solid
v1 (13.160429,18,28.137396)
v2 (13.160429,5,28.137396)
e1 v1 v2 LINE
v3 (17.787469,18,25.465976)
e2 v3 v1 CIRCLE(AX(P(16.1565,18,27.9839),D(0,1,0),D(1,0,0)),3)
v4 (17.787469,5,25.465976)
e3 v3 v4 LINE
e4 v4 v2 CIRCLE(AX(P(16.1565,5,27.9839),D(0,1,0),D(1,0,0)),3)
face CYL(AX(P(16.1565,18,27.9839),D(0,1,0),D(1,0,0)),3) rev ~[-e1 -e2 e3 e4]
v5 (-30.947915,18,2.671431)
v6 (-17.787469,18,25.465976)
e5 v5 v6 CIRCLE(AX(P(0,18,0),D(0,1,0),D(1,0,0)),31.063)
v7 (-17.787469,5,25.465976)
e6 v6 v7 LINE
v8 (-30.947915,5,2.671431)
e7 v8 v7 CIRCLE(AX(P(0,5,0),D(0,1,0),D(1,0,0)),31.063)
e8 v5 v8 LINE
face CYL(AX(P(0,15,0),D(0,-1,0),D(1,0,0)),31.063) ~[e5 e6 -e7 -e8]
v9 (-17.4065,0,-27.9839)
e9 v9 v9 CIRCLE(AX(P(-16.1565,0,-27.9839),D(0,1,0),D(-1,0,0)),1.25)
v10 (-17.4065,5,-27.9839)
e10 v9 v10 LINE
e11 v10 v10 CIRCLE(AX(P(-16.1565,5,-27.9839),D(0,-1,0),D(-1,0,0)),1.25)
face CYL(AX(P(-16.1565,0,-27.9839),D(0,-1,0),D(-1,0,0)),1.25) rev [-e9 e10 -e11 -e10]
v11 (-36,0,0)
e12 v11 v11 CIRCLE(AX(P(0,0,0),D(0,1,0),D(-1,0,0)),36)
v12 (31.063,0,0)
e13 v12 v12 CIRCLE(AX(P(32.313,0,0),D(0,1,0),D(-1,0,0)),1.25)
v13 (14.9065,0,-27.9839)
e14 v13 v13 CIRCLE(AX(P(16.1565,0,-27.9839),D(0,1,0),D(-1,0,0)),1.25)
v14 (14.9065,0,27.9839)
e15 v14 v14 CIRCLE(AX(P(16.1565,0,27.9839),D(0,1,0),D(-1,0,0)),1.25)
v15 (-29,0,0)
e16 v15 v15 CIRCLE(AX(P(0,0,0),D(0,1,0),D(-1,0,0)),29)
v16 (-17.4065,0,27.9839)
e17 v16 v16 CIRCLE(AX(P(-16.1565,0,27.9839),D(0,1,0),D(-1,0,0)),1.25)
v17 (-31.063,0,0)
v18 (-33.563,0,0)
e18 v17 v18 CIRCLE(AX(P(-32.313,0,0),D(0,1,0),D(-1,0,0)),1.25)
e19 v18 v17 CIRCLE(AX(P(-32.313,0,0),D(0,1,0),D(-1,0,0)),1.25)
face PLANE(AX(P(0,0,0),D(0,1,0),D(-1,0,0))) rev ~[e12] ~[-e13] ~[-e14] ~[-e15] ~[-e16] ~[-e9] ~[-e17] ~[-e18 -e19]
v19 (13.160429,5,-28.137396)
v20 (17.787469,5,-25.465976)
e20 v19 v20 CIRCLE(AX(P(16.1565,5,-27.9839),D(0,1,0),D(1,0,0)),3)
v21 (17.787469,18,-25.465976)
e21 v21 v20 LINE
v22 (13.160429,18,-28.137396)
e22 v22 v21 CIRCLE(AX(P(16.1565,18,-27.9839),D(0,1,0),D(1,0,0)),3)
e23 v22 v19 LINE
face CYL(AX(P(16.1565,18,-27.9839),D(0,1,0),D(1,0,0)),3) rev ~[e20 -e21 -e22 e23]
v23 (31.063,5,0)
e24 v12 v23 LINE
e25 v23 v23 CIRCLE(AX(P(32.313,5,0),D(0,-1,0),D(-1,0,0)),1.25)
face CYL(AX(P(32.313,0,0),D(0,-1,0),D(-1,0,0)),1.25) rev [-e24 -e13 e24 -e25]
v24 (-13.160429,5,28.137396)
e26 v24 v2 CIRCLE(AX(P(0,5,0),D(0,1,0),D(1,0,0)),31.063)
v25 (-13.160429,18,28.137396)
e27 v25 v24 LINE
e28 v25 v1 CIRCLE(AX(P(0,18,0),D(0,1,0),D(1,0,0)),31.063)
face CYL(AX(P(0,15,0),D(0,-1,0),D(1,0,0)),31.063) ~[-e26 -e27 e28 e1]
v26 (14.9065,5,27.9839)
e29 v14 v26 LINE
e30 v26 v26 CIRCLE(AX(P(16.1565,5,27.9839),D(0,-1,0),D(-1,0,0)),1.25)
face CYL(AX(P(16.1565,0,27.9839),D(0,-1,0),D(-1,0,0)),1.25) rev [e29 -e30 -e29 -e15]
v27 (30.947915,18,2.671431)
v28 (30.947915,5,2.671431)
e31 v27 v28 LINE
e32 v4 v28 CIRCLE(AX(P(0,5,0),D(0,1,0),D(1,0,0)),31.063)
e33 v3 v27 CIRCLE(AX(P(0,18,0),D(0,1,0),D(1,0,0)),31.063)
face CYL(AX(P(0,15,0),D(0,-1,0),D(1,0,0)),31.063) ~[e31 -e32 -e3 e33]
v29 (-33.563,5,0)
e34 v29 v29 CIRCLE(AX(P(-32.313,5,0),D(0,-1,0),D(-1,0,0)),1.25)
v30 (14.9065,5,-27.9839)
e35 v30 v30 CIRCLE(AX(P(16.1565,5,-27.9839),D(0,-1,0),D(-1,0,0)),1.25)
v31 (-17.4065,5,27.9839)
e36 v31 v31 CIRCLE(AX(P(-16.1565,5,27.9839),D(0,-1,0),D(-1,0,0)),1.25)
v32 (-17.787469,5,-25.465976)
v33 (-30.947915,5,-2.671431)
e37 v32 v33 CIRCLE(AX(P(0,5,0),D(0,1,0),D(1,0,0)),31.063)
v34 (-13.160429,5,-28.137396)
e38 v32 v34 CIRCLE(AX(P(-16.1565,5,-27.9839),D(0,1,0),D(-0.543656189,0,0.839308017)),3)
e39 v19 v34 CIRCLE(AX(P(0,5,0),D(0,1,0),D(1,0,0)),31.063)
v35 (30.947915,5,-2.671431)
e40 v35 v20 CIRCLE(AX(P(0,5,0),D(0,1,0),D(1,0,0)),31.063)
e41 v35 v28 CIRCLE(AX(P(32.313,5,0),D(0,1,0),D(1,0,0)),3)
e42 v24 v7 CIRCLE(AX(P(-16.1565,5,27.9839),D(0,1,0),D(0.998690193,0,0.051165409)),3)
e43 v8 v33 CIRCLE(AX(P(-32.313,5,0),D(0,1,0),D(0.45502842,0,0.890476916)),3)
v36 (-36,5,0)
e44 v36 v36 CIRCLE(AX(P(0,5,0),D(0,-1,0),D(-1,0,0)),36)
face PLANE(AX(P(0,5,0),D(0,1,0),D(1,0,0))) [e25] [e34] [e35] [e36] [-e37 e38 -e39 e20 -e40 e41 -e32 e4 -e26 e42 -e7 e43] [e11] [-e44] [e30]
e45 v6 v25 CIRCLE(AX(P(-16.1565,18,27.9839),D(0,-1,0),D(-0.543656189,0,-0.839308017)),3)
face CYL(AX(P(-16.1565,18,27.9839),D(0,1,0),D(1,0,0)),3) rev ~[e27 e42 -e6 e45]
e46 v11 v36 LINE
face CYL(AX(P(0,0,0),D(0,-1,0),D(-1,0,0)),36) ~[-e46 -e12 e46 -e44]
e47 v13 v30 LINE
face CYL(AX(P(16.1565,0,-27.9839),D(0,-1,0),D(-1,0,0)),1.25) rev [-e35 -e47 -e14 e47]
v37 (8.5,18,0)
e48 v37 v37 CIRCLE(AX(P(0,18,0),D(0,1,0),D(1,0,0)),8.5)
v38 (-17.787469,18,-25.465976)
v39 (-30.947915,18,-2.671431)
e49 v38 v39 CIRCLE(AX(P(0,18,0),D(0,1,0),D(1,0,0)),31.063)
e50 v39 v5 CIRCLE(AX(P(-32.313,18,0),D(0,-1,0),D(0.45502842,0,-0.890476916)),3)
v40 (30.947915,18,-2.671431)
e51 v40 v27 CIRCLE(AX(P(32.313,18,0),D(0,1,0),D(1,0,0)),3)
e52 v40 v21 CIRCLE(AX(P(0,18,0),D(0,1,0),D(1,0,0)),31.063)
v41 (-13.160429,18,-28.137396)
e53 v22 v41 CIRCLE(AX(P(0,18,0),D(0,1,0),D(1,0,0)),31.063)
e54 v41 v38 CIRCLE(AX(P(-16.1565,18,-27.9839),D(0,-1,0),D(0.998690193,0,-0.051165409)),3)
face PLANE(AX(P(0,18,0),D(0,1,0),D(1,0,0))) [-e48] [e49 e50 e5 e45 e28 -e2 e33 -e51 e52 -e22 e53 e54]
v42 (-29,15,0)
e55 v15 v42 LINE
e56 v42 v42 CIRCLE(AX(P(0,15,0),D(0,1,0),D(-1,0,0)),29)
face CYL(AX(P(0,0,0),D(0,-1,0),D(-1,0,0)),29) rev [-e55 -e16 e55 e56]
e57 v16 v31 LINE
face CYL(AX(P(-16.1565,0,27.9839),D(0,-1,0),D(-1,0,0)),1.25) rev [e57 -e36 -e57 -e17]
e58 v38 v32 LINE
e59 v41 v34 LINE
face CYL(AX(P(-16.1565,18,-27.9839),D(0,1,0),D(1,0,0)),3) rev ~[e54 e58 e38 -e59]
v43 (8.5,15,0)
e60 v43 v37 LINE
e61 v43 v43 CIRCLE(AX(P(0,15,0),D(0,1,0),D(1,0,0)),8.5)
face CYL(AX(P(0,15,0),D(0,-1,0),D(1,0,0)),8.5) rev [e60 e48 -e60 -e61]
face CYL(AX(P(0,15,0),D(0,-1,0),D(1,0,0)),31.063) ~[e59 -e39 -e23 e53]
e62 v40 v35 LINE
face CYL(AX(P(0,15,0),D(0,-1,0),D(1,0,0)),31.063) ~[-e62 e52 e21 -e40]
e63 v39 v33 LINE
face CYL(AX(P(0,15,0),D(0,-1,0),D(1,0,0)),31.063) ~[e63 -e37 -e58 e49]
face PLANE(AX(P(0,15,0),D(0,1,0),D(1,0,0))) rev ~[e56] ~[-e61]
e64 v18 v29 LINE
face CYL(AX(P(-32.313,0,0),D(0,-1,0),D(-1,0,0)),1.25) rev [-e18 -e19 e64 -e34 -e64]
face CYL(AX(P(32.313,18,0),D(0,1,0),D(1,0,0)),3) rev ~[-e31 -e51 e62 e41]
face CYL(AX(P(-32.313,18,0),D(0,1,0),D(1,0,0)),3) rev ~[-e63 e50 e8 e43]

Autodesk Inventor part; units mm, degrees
ref_plane "YZ Plane" through (0, 0, 0) normal (1, 0, 0) x (0, 1, 0)
ref_plane "XZ Plane" through (0, 0, 0) normal (0, 1, 0) x (-1, 0, 0)
ref_plane "XY Plane" through (0, 0, 0) normal (0, 0, 1) x (1, 0, 0)
sketch "Sketch1" plane through (0, 0, 0) normal (0, 1, 0) x (-1, 0, 0)
  circle A0 centre (0, 0) radius 36
  circle A1 centre (0, 0) radius 29
  line L0 (0, 0) -> (32.313, 0)
  circle A2 centre (32.313, 0) radius 1.25
  circle A3 centre (16.1565, 27.9839) radius 1.25
  circle A4 centre (-16.1565, 27.9839) radius 1.25
  circle A5 centre (-32.313, 0) radius 1.25
  circle A6 centre (-16.1565, -27.9839) radius 1.25
  circle A7 centre (16.1565, -27.9839) radius 1.25
  dimension "d0" = 72
  dimension "d1" = 58
  dimension "d2" = 32.313
  dimension "d3" = 2.5
  dimension "d6" = 360
extrude "Extrusion1" add sketch "Sketch1" along normal blind 15
sketch "Sketch2" plane through (0, 15, 0) normal (0, 1, 0) x (1, 0, 0)
  circle A0 centre (0, 0) radius 29
  circle A1 centre (0, 0) radius 31.063
  circle A2 centre (-16.1565, 27.9839) radius 1.25 projected
  circle A3 centre (0, 0) radius 36
  point P0 (-15.5315, 26.9013)
extrude "Extrusion2" cut sketch "Sketch2" against normal blind 10 contours A3
sketch "Sketch3" plane through (0, 15, 0) normal (0, 1, 0) x (1, 0, 0)
  circle A0 centre (0, 0) radius 31.063
  circle A1 centre (0, 0) radius 8.5
  dimension "d12" = 17
extrude "Extrusion3" add sketch "Sketch3" along normal blind 3
sketch "Sketch4" plane through (0, 18, 0) normal (0, 1, 0) x (1, 0, 0)
  circle A0 centre (-32.313, 0) radius 1.25 projected
  circle A1 centre (-32.313, 0) radius 3
  circle A2 centre (0, 0) radius 8.5
  circle A3 centre (-16.1565, -27.9839) radius 3
  circle A4 centre (16.1565, -27.9839) radius 3
  circle A5 centre (32.313, 0) radius 3
  circle A6 centre (16.1565, 27.9839) radius 3
  circle A7 centre (-16.1565, 27.9839) radius 3
  dimension "d15" = 6
  dimension "d18" = 360
extrude "Extrusion4" cut sketch "Sketch4" against normal up to surface (13 mm away) contours A0 | A1 | A3 | A4 | A5 | A6 | A7
properties part number "Stage_1_Lid"
